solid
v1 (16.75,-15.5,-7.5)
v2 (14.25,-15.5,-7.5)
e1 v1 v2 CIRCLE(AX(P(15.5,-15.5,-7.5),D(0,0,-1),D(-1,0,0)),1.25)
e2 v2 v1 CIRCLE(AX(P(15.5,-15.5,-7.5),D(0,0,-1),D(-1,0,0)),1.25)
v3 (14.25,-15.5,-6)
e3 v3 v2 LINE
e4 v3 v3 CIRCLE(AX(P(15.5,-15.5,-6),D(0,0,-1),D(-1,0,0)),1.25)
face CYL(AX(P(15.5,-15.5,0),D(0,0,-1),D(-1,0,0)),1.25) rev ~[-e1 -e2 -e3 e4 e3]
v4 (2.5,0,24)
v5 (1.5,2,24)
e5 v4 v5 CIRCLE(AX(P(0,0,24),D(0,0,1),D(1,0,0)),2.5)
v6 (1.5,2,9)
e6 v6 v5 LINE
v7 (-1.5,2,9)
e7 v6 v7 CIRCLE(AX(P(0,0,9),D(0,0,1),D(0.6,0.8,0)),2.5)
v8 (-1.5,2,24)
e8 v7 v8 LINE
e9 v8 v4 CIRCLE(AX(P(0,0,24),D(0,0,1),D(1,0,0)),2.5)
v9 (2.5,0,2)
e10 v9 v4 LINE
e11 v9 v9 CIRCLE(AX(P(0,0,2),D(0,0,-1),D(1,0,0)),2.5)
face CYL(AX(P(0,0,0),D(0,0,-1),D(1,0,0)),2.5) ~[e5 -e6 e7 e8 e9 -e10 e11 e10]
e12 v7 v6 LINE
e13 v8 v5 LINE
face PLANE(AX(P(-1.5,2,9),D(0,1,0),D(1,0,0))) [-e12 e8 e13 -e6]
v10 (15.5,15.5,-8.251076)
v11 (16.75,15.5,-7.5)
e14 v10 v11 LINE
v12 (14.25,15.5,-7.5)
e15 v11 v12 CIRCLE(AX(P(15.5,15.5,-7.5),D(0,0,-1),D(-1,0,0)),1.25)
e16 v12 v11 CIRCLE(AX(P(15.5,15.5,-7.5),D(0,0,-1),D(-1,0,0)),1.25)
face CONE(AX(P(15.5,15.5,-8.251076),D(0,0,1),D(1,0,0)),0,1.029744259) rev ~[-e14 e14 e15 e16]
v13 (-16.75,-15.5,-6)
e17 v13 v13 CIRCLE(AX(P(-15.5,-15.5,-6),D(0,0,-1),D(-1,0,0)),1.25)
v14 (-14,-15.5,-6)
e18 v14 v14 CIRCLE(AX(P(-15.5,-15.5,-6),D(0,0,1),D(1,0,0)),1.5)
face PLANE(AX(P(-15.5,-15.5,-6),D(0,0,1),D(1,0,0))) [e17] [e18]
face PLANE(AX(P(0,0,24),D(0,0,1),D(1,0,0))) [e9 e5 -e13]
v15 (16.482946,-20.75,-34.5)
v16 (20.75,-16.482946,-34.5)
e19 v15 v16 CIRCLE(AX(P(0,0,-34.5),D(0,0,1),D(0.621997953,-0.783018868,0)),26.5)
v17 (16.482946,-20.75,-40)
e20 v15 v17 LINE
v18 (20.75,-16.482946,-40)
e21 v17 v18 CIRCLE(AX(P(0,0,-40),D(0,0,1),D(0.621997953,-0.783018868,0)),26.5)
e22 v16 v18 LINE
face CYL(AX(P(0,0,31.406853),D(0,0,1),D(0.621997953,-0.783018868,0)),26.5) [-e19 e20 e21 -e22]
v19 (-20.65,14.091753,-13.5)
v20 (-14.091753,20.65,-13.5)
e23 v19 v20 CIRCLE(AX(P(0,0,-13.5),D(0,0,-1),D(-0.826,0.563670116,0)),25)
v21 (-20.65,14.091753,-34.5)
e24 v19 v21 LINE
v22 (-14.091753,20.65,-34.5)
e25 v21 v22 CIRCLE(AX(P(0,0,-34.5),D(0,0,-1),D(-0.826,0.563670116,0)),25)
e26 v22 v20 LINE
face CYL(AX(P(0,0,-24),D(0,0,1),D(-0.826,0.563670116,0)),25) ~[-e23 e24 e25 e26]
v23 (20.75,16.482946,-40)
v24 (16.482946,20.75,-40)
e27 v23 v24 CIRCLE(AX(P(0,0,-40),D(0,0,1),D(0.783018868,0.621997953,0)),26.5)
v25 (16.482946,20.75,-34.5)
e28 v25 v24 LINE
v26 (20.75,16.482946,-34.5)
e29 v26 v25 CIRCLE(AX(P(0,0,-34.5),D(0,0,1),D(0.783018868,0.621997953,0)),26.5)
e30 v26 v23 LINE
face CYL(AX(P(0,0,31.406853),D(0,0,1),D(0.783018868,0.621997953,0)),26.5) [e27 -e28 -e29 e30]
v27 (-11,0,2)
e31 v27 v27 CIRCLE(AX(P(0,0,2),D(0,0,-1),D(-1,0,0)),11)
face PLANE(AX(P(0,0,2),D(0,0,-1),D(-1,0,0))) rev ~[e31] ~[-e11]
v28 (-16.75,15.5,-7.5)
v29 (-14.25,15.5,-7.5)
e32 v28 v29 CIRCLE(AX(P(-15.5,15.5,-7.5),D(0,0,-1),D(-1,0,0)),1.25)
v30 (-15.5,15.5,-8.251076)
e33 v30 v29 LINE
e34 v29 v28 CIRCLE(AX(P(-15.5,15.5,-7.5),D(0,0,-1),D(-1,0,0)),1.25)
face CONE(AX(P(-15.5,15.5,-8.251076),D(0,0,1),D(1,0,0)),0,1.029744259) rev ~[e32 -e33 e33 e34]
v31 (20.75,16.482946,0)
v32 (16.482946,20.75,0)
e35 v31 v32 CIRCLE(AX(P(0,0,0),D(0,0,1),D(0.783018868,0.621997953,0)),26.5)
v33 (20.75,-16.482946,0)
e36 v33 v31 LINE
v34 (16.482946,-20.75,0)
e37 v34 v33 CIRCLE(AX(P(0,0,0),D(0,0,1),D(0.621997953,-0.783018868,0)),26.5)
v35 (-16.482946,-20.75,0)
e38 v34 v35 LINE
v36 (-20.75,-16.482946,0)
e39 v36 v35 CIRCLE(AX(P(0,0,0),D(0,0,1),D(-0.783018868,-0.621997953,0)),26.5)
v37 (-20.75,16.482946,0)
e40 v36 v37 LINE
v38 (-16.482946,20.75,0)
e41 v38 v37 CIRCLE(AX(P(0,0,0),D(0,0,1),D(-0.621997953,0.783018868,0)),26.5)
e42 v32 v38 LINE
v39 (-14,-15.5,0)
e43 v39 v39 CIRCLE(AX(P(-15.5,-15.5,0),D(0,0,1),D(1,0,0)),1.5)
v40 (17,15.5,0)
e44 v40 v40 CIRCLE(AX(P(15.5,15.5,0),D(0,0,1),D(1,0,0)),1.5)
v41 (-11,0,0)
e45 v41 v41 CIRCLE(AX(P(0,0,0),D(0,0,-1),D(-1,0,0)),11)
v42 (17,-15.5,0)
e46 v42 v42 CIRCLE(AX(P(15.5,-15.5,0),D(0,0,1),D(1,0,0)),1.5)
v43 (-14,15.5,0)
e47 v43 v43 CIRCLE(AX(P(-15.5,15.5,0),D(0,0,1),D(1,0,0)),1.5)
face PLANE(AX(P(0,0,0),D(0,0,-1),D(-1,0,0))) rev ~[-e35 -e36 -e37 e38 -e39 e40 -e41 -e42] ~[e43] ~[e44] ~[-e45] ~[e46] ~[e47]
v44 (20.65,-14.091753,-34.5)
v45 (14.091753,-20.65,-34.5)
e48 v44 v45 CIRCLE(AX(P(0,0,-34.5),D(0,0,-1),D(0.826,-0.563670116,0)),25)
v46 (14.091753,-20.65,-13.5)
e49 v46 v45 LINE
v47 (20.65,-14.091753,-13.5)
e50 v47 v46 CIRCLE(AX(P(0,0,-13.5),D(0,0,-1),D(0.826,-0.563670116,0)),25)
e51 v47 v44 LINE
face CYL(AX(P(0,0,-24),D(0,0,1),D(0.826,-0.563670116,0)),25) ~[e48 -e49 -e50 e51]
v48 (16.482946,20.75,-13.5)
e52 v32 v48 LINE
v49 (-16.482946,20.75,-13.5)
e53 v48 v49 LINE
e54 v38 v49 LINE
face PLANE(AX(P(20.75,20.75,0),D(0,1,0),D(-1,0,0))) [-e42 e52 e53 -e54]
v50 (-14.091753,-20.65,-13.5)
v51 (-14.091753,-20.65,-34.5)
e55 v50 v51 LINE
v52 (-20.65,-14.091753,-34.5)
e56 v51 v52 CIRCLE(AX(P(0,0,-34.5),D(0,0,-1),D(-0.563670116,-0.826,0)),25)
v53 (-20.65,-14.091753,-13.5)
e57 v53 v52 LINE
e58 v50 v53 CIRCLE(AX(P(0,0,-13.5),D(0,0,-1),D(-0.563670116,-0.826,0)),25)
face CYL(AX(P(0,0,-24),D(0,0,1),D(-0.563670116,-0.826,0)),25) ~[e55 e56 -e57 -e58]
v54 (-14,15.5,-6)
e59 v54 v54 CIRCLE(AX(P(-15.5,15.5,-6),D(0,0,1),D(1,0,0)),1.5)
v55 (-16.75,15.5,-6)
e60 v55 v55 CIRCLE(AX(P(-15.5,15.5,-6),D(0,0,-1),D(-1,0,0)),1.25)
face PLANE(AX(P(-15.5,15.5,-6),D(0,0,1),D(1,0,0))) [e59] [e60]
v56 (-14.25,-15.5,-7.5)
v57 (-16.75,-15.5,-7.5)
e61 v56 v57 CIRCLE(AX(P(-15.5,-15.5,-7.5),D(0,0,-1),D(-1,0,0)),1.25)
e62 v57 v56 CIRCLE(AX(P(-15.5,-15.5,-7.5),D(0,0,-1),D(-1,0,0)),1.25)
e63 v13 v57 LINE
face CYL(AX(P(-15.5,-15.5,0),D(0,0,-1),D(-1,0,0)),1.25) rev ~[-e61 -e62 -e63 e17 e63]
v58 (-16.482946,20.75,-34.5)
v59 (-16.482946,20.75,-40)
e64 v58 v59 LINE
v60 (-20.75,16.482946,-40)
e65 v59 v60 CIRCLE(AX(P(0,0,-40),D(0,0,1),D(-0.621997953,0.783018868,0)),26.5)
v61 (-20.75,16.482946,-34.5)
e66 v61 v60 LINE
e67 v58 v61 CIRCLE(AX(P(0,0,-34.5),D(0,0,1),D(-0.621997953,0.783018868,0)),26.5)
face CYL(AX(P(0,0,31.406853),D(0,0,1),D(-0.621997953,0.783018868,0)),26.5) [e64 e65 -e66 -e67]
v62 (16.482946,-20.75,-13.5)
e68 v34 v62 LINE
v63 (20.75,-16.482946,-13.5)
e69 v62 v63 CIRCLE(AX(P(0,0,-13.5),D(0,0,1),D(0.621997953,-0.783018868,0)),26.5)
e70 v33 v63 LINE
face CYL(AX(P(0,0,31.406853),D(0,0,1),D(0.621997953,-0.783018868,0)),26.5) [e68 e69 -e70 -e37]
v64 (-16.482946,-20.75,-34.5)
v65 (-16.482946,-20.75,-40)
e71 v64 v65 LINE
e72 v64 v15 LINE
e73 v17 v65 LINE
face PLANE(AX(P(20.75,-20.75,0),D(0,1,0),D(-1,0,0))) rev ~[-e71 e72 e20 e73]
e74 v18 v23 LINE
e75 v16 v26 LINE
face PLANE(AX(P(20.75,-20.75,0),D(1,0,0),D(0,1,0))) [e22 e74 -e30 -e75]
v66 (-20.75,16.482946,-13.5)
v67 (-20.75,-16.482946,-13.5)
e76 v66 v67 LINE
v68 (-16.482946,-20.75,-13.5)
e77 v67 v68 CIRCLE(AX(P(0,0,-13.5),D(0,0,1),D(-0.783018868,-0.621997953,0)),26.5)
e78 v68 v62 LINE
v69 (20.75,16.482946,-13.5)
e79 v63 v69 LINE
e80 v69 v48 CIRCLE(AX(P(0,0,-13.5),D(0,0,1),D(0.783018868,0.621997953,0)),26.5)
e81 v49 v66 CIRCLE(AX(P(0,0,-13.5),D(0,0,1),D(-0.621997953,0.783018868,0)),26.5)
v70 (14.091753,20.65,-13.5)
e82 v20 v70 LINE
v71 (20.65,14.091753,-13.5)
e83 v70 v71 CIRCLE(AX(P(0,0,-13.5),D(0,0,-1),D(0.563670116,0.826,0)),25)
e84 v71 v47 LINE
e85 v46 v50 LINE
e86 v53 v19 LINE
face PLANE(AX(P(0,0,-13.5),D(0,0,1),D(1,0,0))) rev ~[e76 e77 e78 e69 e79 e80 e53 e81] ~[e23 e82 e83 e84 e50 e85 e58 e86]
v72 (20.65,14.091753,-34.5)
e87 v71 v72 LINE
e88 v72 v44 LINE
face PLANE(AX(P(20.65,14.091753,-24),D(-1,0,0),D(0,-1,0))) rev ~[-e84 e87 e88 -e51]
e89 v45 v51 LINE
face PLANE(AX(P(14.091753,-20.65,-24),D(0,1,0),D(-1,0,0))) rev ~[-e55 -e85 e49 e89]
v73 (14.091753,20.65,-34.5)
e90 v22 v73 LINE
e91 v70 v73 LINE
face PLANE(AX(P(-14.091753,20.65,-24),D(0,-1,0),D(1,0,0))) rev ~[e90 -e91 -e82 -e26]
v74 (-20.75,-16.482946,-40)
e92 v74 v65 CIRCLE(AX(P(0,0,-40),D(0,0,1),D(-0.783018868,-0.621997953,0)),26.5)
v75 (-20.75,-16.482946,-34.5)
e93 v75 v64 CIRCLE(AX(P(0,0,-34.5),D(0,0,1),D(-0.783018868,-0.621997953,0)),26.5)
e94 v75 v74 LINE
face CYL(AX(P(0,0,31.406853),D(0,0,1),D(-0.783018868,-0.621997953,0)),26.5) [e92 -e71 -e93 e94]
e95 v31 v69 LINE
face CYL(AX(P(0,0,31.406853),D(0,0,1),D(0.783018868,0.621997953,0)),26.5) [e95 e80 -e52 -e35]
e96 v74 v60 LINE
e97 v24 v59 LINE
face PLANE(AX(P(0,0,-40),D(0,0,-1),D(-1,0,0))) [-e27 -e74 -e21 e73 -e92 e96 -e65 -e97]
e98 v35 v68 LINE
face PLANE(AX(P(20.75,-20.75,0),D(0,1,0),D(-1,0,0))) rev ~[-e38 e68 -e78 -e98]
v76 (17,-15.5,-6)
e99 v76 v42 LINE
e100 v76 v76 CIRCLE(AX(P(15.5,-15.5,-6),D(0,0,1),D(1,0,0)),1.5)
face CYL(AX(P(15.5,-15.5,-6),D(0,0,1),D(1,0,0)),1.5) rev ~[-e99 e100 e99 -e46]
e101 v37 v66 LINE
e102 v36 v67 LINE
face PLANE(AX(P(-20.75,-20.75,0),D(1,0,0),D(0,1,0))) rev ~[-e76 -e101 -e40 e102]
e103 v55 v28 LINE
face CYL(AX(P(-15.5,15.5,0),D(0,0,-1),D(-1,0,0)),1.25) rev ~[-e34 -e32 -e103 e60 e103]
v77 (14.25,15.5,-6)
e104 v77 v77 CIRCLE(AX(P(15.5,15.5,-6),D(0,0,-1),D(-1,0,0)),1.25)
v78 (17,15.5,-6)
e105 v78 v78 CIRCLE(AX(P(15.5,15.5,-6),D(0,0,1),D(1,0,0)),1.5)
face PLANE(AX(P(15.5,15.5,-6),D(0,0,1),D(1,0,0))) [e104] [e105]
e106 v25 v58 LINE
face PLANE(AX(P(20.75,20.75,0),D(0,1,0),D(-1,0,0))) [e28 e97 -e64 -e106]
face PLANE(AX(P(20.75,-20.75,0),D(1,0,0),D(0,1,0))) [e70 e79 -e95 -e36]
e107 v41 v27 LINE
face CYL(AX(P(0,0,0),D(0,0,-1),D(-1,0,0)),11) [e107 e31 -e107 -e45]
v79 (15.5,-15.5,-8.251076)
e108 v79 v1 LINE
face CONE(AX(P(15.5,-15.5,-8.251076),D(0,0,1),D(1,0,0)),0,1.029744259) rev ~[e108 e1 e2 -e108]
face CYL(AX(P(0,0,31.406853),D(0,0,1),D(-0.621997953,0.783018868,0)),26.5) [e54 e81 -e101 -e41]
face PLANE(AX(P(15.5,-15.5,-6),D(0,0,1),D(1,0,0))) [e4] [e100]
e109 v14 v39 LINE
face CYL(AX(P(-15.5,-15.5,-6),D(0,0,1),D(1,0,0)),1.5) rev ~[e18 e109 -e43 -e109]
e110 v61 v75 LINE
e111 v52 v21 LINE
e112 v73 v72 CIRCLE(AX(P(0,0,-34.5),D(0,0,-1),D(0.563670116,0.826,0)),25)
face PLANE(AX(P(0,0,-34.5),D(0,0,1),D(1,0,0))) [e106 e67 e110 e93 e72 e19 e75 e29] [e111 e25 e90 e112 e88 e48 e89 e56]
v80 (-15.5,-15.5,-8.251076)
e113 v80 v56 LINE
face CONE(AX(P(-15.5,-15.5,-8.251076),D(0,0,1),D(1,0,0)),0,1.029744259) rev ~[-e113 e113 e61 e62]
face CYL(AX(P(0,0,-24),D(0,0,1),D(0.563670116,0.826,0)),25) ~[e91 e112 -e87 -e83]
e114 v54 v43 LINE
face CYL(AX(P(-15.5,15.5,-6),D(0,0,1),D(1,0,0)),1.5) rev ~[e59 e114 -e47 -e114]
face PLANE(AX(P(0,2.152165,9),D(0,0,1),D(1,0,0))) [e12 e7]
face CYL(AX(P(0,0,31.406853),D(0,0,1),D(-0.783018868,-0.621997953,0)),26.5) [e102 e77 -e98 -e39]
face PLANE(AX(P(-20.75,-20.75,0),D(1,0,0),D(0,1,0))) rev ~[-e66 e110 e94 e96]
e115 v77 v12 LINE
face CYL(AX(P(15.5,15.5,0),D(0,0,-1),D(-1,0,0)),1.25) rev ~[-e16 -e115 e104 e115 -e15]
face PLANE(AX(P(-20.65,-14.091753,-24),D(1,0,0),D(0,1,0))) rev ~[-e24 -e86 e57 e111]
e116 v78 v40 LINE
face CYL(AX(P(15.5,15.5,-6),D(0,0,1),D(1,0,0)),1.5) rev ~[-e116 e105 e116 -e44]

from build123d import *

# Parameters (mm, degrees)
SKETCH1_R                       = 2.5
BOSS_EXTRUDE1_DEPTH             = 24
SKETCH2_R                       = 11
BOSS_EXTRUDE2_DEPTH             = 2
SKETCH3_W                       = 41.5
SKETCH3_H                       = 41.5
BOSS_EXTRUDE3_DEPTH             = 40
CUT_EXTRUDE1_DEPTH              = 71.40685336
CUT_EXTRUDE1_DEPTH_BACK         = 71.40685336
M3X0_5_TAPPED_HOLE1_D           = 2.5
M3X0_5_TAPPED_HOLE1_DEPTH       = 7.5
M3X0_5_TAPPED_HOLE1_CBORE_D     = 3
M3X0_5_TAPPED_HOLE1_CBORE_DEPTH = 6
M3X0_5_TAPPED_HOLE1_TIP         = 0.751075774
CUT_EXTRUDE2_START              = -15
CUT_EXTRUDE2_DEPTH              = 15
CUT_EXTRUDE3_DEPTH              = 10.5


with BuildPart() as part:
    # Sketch1 → Boss-Extrude1 (new body)
    with BuildSketch(Plane.XY):
        Circle(SKETCH1_R)
    extrude(amount=BOSS_EXTRUDE1_DEPTH)

    # Sketch2 → Boss-Extrude2 (add)
    with BuildSketch(Plane(origin=(0, 0, 0), x_dir=(-1, 0, 0), z_dir=(0, 0, -1))):
        Circle(SKETCH2_R)
    extrude(amount=-BOSS_EXTRUDE2_DEPTH)

    # Sketch3 → Boss-Extrude3 (add)
    with BuildSketch(Plane(origin=(0, 0, 0), x_dir=(-1, 0, 0), z_dir=(0, 0, -1))):
        Rectangle(SKETCH3_W, SKETCH3_H)
    extrude(amount=BOSS_EXTRUDE3_DEPTH)

    # Sketch4 → Cut-Extrude1 (cut, two sides: drawn at the far end of the back side and taken through both)
    with BuildSketch(Plane(origin=(0, 0, -40), x_dir=(-1, 0, 0), z_dir=(0, 0, -1)).offset(-CUT_EXTRUDE1_DEPTH_BACK)):
        with BuildLine():
            Line((-20.75, -16.482945732), (-20.75, -20.75))
            Line((-20.75, -20.75), (-16.482945732, -20.75))
            ThreePointArc((-16.482945732, -20.75), (-18.738329701, -18.738329701), (-20.75, -16.482945732))
        make_face()
        with BuildLine():
            Line((16.482945732, -20.75), (20.75, -20.75))
            Line((20.75, -20.75), (20.75, -16.482945732))
            ThreePointArc((20.75, -16.482945732), (18.738329701, -18.738329701), (16.482945732, -20.75))
        make_face()
        with BuildLine():
            Line((20.75, 16.482945732), (20.75, 20.75))
            Line((20.75, 20.75), (16.482945732, 20.75))
            ThreePointArc((16.482945732, 20.75), (18.738329701, 18.738329701), (20.75, 16.482945732))
        make_face()
        with BuildLine():
            Line((-16.482945732, 20.75), (-20.75, 20.75))
            Line((-20.75, 20.75), (-20.75, 16.482945732))
            ThreePointArc((-20.75, 16.482945732), (-18.738329701, 18.738329701), (-16.482945732, 20.75))
        make_face()
    extrude(amount=CUT_EXTRUDE1_DEPTH + CUT_EXTRUDE1_DEPTH_BACK, mode=Mode.SUBTRACT)

    # M3x0.5 Tapped Hole1
    with Locations(Plane.XY):
        with Locations((-15.5, 15.5), (-15.5, -15.5), (15.5, -15.5), (15.5, 15.5)):
            CounterBoreHole(M3X0_5_TAPPED_HOLE1_D / 2, M3X0_5_TAPPED_HOLE1_CBORE_D / 2, M3X0_5_TAPPED_HOLE1_CBORE_DEPTH, depth=M3X0_5_TAPPED_HOLE1_DEPTH)
            with Locations((0, 0, -(M3X0_5_TAPPED_HOLE1_DEPTH + M3X0_5_TAPPED_HOLE1_TIP / 2))):  # 118° drill point
                Cone(0, M3X0_5_TAPPED_HOLE1_D / 2, M3X0_5_TAPPED_HOLE1_TIP, mode=Mode.SUBTRACT)

    # Sketch7 → Cut-Extrude2 (cut)
    with BuildSketch(Plane.XY.offset(24).offset(CUT_EXTRUDE2_START)):
        with BuildLine():
            Line((-1.5, 2), (1.5, 2))
            ThreePointArc((1.5, 2), (0, 2.5), (-1.5, 2))
        make_face()
    extrude(amount=CUT_EXTRUDE2_DEPTH, mode=Mode.SUBTRACT)

    # Sketch8 → Cut-Extrude3 (cut, symmetric)
    with BuildSketch(Plane.XY.offset(-24)):
        with BuildLine():
            Line((16.482945732, 20.75), (-16.482945732, 20.75))
            ThreePointArc((-16.482945732, 20.75), (-18.738329701, 18.738329701), (-20.75, 16.482945732))
            Line((-20.75, 16.482945732), (-20.75, -16.482945732))
            ThreePointArc((-20.75, -16.482945732), (-18.738329701, -18.738329701), (-16.482945732, -20.75))
            Line((-16.482945732, -20.75), (16.482945732, -20.75))
            ThreePointArc((16.482945732, -20.75), (18.738329701, -18.738329701), (20.75, -16.482945732))
            Line((20.75, -16.482945732), (20.75, 16.482945732))
            ThreePointArc((20.75, 16.482945732), (18.738329701, 18.738329701), (16.482945732, 20.75))
        make_face()
        with BuildLine():
            Line((-14.091752907, 20.65), (14.091752907, 20.65))
            ThreePointArc((14.091752907, 20.65), (17.67766953, 17.67766953), (20.65, 14.091752907))
            Line((20.65, 14.091752907), (20.65, -14.091752907))
            ThreePointArc((20.65, -14.091752907), (17.67766953, -17.67766953), (14.091752907, -20.65))
            Line((14.091752907, -20.65), (-14.091752907, -20.65))
            ThreePointArc((-14.091752907, -20.65), (-17.67766953, -17.67766953), (-20.65, -14.091752907))
            Line((-20.65, -14.091752907), (-20.65, 14.091752907))
            ThreePointArc((-20.65, 14.091752907), (-17.67766953, 17.67766953), (-14.091752907, 20.65))
        make_face(mode=Mode.SUBTRACT)
    extrude(amount=CUT_EXTRUDE3_DEPTH, both=True, mode=Mode.SUBTRACT)


solid = part.part
